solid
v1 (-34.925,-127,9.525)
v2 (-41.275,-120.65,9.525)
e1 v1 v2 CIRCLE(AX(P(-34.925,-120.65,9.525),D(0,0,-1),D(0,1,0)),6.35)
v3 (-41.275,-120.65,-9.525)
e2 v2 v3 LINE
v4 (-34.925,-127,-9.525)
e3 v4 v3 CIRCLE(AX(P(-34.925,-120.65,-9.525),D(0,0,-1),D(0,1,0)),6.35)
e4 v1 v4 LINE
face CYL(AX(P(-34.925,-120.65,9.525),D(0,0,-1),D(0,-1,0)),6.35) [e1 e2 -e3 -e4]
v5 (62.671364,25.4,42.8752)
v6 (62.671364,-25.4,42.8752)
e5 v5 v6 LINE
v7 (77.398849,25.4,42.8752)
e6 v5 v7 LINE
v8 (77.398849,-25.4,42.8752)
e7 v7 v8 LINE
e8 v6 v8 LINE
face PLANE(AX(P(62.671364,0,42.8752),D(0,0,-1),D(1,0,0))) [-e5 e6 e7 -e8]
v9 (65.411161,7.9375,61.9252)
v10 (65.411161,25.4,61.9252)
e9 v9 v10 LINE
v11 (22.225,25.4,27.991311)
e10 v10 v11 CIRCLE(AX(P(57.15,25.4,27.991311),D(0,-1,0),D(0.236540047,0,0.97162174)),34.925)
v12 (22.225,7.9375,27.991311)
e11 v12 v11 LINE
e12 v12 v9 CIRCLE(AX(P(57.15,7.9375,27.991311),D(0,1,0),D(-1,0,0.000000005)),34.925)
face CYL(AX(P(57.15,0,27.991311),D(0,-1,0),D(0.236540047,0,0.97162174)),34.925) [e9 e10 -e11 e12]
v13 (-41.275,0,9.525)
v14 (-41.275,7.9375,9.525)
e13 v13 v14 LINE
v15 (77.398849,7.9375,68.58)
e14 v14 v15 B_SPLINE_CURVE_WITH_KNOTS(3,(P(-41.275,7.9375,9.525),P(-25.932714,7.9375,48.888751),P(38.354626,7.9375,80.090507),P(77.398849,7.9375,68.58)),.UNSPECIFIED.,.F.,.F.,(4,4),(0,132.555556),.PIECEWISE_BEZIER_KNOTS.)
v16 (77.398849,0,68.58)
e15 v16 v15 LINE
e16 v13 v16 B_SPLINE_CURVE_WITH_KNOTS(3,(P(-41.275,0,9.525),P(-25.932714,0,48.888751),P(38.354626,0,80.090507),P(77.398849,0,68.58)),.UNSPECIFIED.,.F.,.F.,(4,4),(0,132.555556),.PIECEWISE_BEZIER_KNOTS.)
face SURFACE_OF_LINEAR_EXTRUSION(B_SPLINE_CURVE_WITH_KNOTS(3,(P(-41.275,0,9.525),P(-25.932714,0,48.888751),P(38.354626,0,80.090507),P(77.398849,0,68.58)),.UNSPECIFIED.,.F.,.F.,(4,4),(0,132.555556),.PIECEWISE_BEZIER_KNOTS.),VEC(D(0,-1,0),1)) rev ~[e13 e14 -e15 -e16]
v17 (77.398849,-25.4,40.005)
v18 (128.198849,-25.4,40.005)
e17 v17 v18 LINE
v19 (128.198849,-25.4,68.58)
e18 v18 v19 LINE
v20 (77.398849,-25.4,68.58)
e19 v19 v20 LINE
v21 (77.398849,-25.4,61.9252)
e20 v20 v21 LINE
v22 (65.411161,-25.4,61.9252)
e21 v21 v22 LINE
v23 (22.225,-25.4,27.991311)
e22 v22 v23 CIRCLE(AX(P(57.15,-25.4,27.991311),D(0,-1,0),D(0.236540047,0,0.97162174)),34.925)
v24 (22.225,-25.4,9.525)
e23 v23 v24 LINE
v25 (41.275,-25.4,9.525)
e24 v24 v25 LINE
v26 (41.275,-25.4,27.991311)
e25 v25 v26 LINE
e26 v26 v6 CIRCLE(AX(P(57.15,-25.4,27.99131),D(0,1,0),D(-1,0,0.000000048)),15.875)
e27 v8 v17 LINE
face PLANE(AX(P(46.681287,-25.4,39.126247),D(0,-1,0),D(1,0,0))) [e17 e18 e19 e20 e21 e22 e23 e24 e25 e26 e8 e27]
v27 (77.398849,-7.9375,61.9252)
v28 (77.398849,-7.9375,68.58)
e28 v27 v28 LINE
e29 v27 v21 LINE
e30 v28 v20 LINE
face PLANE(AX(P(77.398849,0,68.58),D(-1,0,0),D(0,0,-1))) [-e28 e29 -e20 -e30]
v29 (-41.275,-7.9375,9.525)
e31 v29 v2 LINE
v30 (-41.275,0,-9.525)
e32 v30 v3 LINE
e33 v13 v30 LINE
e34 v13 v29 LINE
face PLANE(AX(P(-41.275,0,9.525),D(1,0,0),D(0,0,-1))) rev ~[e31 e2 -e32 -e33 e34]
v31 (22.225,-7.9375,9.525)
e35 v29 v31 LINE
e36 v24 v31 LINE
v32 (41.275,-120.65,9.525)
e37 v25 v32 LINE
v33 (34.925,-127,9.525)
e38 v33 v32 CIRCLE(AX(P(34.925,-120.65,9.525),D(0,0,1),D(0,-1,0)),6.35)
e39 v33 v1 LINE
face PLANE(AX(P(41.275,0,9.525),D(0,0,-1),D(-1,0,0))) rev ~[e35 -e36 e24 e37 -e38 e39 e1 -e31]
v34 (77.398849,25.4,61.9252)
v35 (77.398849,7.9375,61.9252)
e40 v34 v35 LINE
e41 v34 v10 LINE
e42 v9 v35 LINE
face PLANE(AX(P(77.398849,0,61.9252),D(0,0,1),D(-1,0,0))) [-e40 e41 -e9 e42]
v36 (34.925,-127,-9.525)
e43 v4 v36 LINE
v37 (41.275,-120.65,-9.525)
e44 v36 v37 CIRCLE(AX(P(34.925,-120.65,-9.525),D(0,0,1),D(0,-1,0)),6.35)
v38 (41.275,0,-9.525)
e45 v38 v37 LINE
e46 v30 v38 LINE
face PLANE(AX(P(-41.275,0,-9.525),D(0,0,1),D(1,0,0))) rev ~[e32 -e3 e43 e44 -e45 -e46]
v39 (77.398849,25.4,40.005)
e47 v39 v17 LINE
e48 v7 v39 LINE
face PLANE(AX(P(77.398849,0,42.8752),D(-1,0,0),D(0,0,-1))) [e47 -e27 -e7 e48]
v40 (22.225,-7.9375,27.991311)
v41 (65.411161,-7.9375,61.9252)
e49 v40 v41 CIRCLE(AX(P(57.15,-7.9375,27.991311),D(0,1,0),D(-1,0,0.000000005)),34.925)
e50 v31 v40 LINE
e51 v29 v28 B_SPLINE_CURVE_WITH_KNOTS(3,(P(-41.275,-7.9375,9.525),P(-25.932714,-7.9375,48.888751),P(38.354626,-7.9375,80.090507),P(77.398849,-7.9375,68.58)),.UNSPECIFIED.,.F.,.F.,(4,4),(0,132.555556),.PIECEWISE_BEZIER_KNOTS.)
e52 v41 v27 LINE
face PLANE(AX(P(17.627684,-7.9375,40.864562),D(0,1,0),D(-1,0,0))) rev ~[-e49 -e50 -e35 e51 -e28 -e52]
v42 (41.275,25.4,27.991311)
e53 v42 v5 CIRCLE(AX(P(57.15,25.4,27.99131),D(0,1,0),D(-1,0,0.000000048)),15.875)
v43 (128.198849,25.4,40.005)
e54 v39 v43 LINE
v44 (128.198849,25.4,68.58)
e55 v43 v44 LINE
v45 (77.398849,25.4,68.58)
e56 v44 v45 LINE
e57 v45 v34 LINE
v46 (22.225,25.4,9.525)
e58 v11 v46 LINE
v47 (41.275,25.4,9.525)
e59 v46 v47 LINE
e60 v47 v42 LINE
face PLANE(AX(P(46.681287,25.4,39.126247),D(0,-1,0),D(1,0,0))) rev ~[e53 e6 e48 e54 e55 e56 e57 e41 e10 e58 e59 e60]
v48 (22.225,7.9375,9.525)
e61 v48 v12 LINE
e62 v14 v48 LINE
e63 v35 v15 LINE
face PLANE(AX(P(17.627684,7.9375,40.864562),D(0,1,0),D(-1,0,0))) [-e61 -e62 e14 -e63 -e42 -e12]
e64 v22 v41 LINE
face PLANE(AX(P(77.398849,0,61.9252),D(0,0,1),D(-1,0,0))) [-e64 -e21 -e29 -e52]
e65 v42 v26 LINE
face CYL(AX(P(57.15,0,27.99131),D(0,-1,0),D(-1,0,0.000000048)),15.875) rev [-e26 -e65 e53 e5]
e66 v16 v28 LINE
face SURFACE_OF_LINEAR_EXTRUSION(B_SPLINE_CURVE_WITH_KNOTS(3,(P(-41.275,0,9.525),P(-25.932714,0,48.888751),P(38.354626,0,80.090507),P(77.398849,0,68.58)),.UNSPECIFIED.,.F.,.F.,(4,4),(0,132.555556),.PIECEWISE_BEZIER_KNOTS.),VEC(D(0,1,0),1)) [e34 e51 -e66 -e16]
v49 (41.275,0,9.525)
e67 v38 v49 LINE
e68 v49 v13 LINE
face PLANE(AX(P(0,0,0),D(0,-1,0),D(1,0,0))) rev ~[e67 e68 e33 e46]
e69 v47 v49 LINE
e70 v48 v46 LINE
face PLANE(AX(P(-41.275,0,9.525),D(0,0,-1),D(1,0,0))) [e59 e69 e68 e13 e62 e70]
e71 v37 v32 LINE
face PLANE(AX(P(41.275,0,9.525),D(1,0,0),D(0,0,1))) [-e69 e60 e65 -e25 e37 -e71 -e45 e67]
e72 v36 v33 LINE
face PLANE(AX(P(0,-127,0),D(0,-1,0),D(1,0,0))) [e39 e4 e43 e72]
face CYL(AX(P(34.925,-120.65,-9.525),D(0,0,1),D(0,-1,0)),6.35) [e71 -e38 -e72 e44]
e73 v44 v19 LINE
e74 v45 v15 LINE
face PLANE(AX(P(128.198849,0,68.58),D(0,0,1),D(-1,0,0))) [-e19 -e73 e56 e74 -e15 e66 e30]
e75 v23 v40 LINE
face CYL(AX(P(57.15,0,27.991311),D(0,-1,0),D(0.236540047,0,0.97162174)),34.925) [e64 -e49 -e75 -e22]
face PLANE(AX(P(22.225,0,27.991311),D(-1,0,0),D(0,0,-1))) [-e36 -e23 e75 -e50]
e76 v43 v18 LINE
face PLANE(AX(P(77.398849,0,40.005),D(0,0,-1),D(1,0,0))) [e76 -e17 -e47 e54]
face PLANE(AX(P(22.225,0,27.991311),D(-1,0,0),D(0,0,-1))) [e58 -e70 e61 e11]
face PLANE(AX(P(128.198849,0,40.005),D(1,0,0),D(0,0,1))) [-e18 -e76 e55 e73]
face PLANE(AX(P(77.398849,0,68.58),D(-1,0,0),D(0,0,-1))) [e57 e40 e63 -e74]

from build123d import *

# Parameters (mm, degrees)
F1_DEPTH = 127
F2_DEPTH = 25.4
F3_DEPTH = 7.9375
F4_R     = 6.35


with BuildPart() as f1:
    # F0 (on Front) → F1 (new body)
    with BuildSketch(Plane.XZ):
        Polygon((-41.275, 9.525), (-41.275, -9.525), (41.275, -9.525), (41.275, 9.525), (22.225, 9.525), align=None)
    extrude(amount=F1_DEPTH)

    # F0 (on Front) → F2 (join, symmetric)
    with BuildSketch(Plane.XZ):
        with BuildLine():
            Line((22.225, 9.525), (41.275, 9.525))
            Line((41.275, 9.525), (41.275, 27.991311))
            ThreePointArc((41.275, 27.991311), (48.084572, 41.023334), (62.671364, 42.8752))
            Line((62.671364, 42.8752), (77.398849, 42.8752))
            Line((77.398849, 42.8752), (77.398849, 61.9252))
            Line((77.398849, 61.9252), (65.411161, 61.9252))
            ThreePointArc((65.411161, 61.9252), (35.571833, 55.45289), (22.225, 27.991311))
            Line((22.225, 27.991311), (22.225, 9.525))
        make_face()
        Polygon((128.198849, 68.58), (77.398849, 68.58), (77.398849, 61.9252), (77.398849, 42.8752), (77.398849, 40.005), (128.198849, 40.005), align=None)
    extrude(amount=F2_DEPTH, both=True)

    # F0 (on Front) → F3 (join, symmetric)
    with BuildSketch(Plane.XZ):
        with BuildLine():
            add(Edge.make_bspline(
                [(-41.275, 9.525), (-25.932714, 48.888751), (38.354626, 80.090507), (77.398849, 68.58)],
                knots=[0, 0, 0, 0, 132.555556, 132.555556, 132.555556, 132.555556], degree=3))
            Line((-41.275, 9.525), (22.225, 9.525))
            Line((22.225, 9.525), (22.225, 27.991311))
            ThreePointArc((22.225, 27.991311), (35.571833, 55.45289), (65.411161, 61.9252))
            Line((65.411161, 61.9252), (77.398849, 61.9252))
            Line((77.398849, 61.9252), (77.398849, 68.58))
        make_face()
    extrude(amount=F3_DEPTH, both=True)

    # F4
    f4_edges = [f1.edges().sort_by_distance(p)[0] for p in [
        (-41.275, -127, 0),
        (41.275, -127, 0),
    ]]
    fillet(f4_edges, radius=F4_R)


solid = f1.part
